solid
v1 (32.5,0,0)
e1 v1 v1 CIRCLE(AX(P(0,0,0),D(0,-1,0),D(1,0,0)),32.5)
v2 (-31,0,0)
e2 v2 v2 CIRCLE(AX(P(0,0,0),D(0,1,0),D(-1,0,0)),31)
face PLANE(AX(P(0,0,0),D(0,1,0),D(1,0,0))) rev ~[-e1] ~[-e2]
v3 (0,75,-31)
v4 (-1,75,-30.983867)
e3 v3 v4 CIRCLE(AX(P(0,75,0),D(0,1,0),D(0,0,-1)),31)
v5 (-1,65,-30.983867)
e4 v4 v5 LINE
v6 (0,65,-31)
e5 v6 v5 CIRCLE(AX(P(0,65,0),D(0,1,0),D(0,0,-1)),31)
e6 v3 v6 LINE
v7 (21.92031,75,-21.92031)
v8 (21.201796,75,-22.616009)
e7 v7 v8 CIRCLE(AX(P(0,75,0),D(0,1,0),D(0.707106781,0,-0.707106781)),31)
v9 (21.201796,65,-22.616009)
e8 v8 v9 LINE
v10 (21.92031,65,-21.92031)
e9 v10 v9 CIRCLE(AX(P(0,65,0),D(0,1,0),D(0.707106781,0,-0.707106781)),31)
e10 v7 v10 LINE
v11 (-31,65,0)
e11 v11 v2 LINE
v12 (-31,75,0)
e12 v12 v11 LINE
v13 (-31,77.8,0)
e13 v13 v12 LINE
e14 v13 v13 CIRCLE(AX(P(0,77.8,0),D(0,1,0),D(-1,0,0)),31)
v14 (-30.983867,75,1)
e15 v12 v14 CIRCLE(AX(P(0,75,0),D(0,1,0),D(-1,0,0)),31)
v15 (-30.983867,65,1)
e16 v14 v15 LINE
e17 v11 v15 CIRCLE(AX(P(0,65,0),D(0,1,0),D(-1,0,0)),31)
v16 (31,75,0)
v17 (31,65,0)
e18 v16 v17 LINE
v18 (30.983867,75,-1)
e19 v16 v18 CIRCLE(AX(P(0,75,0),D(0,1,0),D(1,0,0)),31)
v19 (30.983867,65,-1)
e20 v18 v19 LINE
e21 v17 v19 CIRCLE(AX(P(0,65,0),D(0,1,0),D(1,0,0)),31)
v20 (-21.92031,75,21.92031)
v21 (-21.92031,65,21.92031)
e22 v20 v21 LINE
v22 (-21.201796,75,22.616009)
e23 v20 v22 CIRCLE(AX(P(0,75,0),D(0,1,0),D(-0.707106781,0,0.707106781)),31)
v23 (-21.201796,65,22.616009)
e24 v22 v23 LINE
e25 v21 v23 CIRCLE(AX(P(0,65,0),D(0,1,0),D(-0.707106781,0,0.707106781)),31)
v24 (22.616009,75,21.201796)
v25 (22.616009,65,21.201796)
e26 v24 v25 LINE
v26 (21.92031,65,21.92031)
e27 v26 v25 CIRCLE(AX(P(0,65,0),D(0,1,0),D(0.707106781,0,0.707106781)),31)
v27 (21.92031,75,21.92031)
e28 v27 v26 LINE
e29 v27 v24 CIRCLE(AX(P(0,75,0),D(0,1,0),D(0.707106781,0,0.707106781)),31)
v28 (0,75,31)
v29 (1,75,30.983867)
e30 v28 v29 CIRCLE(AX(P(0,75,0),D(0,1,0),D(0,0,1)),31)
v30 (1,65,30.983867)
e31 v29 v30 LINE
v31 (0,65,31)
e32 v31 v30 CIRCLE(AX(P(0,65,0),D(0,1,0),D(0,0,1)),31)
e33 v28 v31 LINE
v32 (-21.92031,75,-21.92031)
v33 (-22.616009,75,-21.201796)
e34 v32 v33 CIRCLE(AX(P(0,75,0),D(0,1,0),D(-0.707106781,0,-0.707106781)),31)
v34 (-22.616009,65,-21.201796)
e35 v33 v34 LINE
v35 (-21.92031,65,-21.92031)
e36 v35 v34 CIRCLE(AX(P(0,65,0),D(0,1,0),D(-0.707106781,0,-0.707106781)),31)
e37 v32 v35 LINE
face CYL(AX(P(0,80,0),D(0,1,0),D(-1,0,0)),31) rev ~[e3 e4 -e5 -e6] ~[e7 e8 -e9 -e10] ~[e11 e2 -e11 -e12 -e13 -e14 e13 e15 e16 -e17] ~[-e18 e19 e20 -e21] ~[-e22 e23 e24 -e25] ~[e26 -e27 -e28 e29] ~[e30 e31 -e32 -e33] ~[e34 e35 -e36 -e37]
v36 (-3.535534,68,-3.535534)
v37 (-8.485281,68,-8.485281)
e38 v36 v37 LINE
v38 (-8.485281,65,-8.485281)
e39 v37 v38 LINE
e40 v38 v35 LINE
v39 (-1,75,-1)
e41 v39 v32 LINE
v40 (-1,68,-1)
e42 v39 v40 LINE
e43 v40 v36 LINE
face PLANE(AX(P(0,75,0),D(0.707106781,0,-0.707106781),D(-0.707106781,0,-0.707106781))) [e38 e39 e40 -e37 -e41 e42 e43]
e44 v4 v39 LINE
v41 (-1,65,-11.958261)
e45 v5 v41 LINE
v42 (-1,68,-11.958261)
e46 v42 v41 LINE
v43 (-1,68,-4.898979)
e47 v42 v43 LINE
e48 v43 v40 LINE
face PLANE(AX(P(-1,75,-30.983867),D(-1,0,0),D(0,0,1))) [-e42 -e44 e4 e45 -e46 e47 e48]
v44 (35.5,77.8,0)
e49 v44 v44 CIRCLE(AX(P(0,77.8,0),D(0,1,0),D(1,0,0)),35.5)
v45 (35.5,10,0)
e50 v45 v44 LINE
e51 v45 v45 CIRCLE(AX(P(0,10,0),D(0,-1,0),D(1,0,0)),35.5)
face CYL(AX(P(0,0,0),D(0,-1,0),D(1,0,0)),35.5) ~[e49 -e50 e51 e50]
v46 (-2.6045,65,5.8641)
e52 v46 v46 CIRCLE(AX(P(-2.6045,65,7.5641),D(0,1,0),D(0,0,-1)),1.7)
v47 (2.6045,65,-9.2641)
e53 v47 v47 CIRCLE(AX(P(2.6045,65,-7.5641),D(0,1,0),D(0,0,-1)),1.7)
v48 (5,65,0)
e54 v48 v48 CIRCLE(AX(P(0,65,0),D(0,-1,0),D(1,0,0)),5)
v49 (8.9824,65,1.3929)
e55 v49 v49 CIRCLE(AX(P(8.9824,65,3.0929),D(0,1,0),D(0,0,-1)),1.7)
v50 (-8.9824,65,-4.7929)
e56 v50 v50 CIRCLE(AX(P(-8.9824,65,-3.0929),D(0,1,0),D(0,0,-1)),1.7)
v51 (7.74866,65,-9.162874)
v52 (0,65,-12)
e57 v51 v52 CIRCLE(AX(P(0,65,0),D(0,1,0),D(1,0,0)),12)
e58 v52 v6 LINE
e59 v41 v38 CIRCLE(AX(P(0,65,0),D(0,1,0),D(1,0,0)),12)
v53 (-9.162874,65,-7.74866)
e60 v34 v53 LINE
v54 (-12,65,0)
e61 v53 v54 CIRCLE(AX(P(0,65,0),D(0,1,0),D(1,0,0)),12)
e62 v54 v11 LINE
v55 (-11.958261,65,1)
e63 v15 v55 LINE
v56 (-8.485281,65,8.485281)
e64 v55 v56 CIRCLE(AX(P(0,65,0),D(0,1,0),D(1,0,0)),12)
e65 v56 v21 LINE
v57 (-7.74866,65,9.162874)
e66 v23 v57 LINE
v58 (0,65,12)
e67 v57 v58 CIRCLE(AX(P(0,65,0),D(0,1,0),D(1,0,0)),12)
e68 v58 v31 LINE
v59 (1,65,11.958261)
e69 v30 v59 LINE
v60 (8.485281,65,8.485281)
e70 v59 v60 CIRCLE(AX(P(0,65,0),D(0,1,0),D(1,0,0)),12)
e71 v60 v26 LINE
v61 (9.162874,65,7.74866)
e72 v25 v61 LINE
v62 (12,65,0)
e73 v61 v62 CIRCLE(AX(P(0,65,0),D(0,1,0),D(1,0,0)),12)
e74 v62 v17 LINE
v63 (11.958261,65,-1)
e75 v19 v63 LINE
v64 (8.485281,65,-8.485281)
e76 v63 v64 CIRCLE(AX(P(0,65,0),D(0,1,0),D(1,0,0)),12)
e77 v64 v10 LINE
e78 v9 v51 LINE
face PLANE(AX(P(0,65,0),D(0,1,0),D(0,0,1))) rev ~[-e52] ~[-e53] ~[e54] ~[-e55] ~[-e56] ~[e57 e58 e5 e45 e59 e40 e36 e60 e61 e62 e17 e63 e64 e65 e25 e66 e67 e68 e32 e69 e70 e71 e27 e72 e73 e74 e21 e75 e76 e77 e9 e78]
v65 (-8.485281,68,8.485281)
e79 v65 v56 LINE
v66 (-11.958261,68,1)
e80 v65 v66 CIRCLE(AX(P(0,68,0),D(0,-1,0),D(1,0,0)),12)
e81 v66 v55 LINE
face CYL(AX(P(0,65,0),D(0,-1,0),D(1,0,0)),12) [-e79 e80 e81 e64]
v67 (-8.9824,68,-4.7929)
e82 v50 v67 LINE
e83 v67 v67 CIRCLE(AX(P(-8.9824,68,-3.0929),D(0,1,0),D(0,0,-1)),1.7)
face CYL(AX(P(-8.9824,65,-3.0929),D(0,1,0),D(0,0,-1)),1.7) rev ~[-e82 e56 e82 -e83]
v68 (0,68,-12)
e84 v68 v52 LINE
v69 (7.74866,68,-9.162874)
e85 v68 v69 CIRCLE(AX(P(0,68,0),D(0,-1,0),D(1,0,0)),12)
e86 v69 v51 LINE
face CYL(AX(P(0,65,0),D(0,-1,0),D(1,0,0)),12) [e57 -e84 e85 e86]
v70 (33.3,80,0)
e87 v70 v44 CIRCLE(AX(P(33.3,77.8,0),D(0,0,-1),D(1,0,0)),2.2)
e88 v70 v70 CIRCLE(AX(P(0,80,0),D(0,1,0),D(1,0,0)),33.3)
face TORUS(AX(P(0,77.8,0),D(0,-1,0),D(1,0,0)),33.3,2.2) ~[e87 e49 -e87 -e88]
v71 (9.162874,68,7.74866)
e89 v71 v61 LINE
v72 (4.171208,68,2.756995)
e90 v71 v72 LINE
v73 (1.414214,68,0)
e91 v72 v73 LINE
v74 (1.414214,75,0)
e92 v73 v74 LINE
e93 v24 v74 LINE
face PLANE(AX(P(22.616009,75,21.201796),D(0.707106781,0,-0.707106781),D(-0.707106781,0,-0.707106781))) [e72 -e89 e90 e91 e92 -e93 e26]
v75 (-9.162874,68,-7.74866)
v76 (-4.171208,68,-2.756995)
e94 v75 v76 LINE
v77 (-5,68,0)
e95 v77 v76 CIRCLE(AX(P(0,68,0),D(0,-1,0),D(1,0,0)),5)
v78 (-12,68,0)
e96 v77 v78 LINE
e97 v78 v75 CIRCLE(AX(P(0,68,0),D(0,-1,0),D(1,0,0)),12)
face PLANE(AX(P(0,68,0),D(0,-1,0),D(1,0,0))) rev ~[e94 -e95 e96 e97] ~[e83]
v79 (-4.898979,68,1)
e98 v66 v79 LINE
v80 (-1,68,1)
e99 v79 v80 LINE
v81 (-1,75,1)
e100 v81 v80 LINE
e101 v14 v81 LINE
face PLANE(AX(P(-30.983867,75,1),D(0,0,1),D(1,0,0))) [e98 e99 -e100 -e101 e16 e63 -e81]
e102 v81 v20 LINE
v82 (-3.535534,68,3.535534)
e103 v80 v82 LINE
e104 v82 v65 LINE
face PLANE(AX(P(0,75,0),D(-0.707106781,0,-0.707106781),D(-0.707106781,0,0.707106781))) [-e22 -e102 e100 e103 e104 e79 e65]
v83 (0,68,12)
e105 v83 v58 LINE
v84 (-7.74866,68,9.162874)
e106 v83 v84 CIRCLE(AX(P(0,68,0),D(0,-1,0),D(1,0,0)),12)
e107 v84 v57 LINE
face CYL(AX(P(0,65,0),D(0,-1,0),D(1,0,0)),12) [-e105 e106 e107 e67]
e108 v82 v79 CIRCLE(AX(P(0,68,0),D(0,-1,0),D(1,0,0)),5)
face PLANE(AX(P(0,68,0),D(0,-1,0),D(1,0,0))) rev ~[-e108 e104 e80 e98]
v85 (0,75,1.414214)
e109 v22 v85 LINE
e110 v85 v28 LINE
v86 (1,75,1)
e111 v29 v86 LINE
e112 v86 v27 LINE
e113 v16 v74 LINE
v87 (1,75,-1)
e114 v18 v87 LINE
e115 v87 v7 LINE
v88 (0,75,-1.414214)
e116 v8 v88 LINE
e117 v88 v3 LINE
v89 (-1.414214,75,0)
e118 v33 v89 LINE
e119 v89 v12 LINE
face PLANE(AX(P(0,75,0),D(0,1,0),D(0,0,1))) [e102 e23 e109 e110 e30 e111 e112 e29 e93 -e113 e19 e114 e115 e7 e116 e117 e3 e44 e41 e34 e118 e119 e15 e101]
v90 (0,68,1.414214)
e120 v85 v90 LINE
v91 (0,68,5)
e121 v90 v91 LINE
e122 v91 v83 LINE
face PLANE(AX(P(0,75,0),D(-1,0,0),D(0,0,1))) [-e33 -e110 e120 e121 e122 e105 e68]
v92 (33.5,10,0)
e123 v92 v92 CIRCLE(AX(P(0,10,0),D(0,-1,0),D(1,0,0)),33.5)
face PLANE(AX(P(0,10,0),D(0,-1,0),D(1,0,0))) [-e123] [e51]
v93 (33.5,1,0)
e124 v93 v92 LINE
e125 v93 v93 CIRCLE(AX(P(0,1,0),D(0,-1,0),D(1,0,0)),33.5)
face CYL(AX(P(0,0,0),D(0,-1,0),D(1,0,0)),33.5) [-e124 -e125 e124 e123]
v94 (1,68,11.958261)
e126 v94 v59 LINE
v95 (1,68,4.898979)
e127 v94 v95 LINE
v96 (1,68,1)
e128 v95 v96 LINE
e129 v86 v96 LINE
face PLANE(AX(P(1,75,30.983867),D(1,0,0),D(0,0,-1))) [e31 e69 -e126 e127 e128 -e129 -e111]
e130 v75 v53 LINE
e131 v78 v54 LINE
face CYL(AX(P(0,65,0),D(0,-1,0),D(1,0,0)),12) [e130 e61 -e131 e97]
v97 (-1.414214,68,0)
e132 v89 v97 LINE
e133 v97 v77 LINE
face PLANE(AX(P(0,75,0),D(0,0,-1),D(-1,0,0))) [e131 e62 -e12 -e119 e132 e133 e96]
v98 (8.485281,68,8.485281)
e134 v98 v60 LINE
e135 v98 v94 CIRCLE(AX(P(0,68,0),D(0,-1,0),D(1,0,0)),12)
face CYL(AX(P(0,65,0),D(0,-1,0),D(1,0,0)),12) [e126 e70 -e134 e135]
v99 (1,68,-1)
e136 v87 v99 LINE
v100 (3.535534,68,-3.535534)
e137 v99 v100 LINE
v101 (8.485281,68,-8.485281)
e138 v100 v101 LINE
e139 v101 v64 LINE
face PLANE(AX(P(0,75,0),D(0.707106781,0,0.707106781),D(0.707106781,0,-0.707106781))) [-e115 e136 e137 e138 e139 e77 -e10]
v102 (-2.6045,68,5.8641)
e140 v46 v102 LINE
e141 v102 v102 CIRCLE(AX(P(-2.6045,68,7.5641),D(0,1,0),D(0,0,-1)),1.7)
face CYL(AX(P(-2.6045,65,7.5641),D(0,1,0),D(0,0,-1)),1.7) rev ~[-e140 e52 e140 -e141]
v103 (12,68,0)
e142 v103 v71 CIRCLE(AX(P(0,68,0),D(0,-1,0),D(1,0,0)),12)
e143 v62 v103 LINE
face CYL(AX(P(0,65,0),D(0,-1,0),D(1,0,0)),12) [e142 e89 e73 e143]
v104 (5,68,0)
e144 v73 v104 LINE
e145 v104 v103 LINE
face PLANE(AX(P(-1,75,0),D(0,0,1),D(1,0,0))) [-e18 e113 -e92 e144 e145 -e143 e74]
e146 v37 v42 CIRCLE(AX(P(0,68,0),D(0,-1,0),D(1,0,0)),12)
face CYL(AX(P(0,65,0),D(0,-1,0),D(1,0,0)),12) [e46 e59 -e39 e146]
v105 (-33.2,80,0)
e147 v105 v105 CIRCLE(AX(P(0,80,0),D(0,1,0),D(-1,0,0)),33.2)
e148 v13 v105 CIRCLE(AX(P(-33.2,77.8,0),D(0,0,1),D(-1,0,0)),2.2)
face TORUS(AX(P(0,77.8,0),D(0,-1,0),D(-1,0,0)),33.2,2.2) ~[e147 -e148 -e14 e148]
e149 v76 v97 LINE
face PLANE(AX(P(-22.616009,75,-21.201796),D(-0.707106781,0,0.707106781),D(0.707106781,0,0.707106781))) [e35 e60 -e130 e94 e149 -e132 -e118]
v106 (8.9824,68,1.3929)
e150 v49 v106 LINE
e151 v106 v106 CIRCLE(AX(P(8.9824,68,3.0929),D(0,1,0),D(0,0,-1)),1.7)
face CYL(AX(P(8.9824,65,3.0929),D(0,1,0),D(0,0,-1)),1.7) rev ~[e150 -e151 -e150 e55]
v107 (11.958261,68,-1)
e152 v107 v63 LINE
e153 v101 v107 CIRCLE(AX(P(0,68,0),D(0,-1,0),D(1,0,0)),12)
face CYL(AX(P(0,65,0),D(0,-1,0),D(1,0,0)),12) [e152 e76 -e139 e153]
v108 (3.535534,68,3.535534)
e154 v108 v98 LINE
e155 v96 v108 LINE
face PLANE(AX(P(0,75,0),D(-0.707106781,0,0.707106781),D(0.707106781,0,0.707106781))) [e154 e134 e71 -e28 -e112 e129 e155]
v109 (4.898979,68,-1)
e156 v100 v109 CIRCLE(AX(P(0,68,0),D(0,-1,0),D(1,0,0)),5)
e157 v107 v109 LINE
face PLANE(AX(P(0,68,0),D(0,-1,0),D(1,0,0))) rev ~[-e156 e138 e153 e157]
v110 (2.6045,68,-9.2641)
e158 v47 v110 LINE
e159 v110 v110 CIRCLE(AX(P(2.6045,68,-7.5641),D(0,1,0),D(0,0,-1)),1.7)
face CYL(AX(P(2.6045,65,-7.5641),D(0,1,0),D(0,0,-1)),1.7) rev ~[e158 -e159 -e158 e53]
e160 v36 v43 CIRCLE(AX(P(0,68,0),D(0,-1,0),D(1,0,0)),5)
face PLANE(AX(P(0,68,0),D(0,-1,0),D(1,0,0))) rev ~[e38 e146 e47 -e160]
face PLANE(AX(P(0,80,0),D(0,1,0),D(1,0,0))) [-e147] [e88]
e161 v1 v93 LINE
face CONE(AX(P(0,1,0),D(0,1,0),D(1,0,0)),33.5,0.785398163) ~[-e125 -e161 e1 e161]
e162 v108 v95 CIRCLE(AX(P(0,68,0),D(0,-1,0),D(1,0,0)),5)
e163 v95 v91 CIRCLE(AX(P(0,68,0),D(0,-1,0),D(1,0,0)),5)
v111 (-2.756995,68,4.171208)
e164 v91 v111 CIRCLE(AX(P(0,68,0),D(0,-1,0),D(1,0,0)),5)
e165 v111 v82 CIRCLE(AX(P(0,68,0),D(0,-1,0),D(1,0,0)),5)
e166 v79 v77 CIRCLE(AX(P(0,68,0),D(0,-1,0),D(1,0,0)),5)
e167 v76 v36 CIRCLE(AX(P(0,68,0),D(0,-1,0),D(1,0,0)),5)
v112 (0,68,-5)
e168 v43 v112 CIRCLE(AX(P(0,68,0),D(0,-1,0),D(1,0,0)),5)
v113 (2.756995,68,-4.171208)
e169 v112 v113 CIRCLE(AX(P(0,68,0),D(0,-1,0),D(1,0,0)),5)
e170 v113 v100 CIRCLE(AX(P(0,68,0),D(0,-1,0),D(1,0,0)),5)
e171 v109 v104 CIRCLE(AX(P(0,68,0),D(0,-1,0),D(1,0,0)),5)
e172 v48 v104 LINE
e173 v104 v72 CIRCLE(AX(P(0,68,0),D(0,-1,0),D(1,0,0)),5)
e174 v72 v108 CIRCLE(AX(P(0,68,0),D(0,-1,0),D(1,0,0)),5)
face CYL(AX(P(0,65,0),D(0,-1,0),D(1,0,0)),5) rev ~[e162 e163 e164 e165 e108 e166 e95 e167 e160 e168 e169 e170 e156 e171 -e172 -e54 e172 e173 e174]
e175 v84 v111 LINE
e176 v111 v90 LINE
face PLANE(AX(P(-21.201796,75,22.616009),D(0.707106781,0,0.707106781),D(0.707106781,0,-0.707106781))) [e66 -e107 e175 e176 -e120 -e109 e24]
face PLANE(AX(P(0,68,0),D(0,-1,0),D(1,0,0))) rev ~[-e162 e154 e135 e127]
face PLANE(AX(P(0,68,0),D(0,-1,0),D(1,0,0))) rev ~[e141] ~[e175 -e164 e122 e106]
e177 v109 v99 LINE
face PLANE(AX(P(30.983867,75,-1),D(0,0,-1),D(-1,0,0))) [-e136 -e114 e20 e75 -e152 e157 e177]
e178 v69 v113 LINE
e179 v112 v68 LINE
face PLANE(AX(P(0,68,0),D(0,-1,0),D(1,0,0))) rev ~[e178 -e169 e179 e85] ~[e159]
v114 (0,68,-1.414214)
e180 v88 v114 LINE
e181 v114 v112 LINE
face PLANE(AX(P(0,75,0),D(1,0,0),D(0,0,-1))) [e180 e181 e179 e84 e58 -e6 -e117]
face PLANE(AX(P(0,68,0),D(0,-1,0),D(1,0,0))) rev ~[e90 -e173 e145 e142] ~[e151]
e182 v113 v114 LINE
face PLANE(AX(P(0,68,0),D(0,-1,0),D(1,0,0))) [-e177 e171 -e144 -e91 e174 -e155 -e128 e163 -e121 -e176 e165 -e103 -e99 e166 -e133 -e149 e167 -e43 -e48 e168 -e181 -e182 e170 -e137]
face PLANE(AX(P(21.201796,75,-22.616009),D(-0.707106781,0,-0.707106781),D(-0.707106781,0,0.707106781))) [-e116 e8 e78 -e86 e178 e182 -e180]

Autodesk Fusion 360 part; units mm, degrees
sketch "草图1" plane through (0, 0, 0) normal (0, 1, 0) x (1, 0, 0)
  circle A0 centre (0, 0) radius 35.5
  dimension "d1" = 71
extrude "拉伸1" add sketch "草图1" along normal blind 80
sketch "草图2" plane through (0, 80, 0) normal (0, 1, 0) x (-1, 0, 0)
  circle A0 centre (0, 0) radius 35.5
  circle A1 centre (0, 0) radius 31
  dimension "d4" = 62
extrude "拉伸2" cut sketch "草图2" against normal blind 90 contours A1
ref_plane "WorkPlane2" through (0, 75, 0) normal (0, 1, 0) x (-1, 0, 0)
sketch "Sketch5" plane through (0, 75, 0) normal (0, 1, 0) x (1, 0, 0)
  line L0 (0, 0) -> (31, 0)
  line L1 (31, 0) -> (31, 1)
  line L2 (31, 1) -> (0, 1)
  line L3 (0, 1) -> (0, 0)
  circle A0 centre (0, 0) radius 35.5
  circle A1 centre (0, 0) radius 35.5
  circle A2 centre (0, 0) radius 31
  dimension "d18" = 1
extrude "Extrude5" add sketch "Sketch5" against normal blind 10 contours L0 L2 L3 A2 picked at (10.328, 0.6667)
pattern_circular "C-Pattern1" count 8 over 360 about axis through (0, 1.75, 0) along (0, 1, 0) of "Extrude5"
sketch "Sketch6" plane through (0, 65, 0) normal (0, -1, 0) x (1, 0, 0)
  line L0 (1.4142, 0) -> (22.616, 21.2018)
  arc A0 (22.616, 21.2018) -> (21.9203, 21.9203) centre (0, 0) ccw
  line L1 (21.9203, 21.9203) -> (1, 1)
  line L2 (1, 1) -> (1, 30.9839)
  arc A1 (1, 30.9839) -> (0, 31) centre (0, 0) ccw
  line L3 (0, 31) -> (0, 1.4142)
  line L4 (0, 1.4142) -> (-21.2018, 22.616)
  arc A2 (-21.2018, 22.616) -> (-21.9203, 21.9203) centre (0, 0) ccw
  line L5 (-21.9203, 21.9203) -> (-1, 1)
  line L6 (-1, 1) -> (-30.9839, 1)
  arc A3 (-30.9839, 1) -> (-31, 0) centre (0, 0) ccw
  line L7 (-31, 0) -> (-1.4142, 0)
  line L8 (-1.4142, 0) -> (-22.616, -21.2018)
  arc A4 (-22.616, -21.2018) -> (-21.9203, -21.9203) centre (0, 0) ccw
  line L9 (-21.9203, -21.9203) -> (-1, -1)
  line L10 (-1, -1) -> (-1, -30.9839)
  arc A5 (-1, -30.9839) -> (0, -31) centre (0, 0) ccw
  line L11 (0, -31) -> (0, -1.4142)
  line L12 (0, -1.4142) -> (21.2018, -22.616)
  arc A6 (21.2018, -22.616) -> (21.9203, -21.9203) centre (0, 0) ccw
  line L13 (21.9203, -21.9203) -> (1, -1)
  line L14 (1, -1) -> (30.9839, -1)
  arc A7 (30.9839, -1) -> (31, 0) centre (0, 0) ccw
  line L15 (31, 0) -> (1.4142, 0)
  circle A8 centre (0, 0) radius 12
  dimension "d23" = 24
extrude "Extrude6" add sketch "Sketch6" against normal blind 3 contours L0 L1 L2 L3 L4 L5 L6 L7 L8 L9 L10 L11 L12 L13 L14 L15 A8 | L0 L15 A8 | L1 L2 A8 | L13 L14 A8 | L3 L4 A8 | L11 L12 A8 | L5 L6 A8 | L9 L10 A8 | L7 L8 A8
sketch "Sketch7" plane through (0, 65, 0) normal (0, -1, 0) x (1, 0, 0)
  line L0 (9.1629, 7.7487) -> (22.616, 21.2018)
  arc A0 (22.616, 21.2018) -> (21.9203, 21.9203) centre (0, 0) ccw
  line L1 (21.9203, 21.9203) -> (8.4853, 8.4853)
  arc A1 (8.4853, 8.4853) -> (1, 11.9583) centre (0, 0) ccw
  line L2 (1, 11.9583) -> (1, 30.9839)
  arc A2 (1, 30.9839) -> (0, 31) centre (0, 0) ccw
  line L3 (0, 31) -> (0, 12)
  arc A3 (0, 12) -> (-7.7487, 9.1629) centre (0, 0) ccw
  line L4 (-7.7487, 9.1629) -> (-21.2018, 22.616)
  arc A4 (-21.2018, 22.616) -> (-21.9203, 21.9203) centre (0, 0) ccw
  line L5 (-21.9203, 21.9203) -> (-8.4853, 8.4853)
  arc A5 (-8.4853, 8.4853) -> (-11.9583, 1) centre (0, 0) ccw
  line L6 (-11.9583, 1) -> (-30.9839, 1)
  arc A6 (-30.9839, 1) -> (-31, 0) centre (0, 0) ccw
  line L7 (-31, 0) -> (-12, 0)
  arc A7 (-12, 0) -> (-9.1629, -7.7487) centre (0, 0) ccw
  line L8 (-9.1629, -7.7487) -> (-22.616, -21.2018)
  arc A8 (-22.616, -21.2018) -> (-21.9203, -21.9203) centre (0, 0) ccw
  line L9 (-21.9203, -21.9203) -> (-8.4853, -8.4853)
  arc A9 (-8.4853, -8.4853) -> (-1, -11.9583) centre (0, 0) ccw
  line L10 (-1, -11.9583) -> (-1, -30.9839)
  arc A10 (-1, -30.9839) -> (0, -31) centre (0, 0) ccw
  arc A11 (0, -12) -> (7.7487, -9.1629) centre (0, 0) ccw
  line L11 (7.7487, -9.1629) -> (21.2018, -22.616)
  arc A12 (21.2018, -22.616) -> (21.9203, -21.9203) centre (0, 0) ccw
  line L12 (21.9203, -21.9203) -> (8.4853, -8.4853)
  arc A13 (8.4853, -8.4853) -> (11.9583, -1) centre (0, 0) ccw
  line L13 (11.9583, -1) -> (30.9839, -1)
  arc A14 (30.9839, -1) -> (31, 0) centre (0, 0) ccw
  arc A15 (12, 0) -> (9.1629, 7.7487) centre (0, 0) ccw
  circle A16 centre (0, 0) radius 5
  line L14 (0, -31) -> (0, -12)
  line L15 (31, 0) -> (12, 0)
  dimension "d26" = 10
extrude "Extrude7" cut sketch "Sketch7" against normal blind 3 contours A16
sketch "Sketch8" plane through (0, 65, 0) normal (0, -1, 0) x (1, 0, 0)
  circle A0 centre (0, 0) radius 5
  line L0 (9.1629, 7.7487) -> (22.616, 21.2018)
  arc A1 (22.616, 21.2018) -> (21.9203, 21.9203) centre (0, 0) ccw
  line L1 (21.9203, 21.9203) -> (8.4853, 8.4853)
  arc A2 (8.4853, 8.4853) -> (1, 11.9583) centre (0, 0) ccw
  line L2 (1, 11.9583) -> (1, 30.9839)
  arc A3 (1, 30.9839) -> (0, 31) centre (0, 0) ccw
  line L3 (0, 31) -> (0, 12)
  arc A4 (0, 12) -> (-7.7487, 9.1629) centre (0, 0) ccw
  line L4 (-7.7487, 9.1629) -> (-21.2018, 22.616)
  arc A5 (-21.2018, 22.616) -> (-21.9203, 21.9203) centre (0, 0) ccw
  line L5 (-21.9203, 21.9203) -> (-8.4853, 8.4853)
  arc A6 (-8.4853, 8.4853) -> (-11.9583, 1) centre (0, 0) ccw
  line L6 (-11.9583, 1) -> (-30.9839, 1)
  arc A7 (-30.9839, 1) -> (-31, 0) centre (0, 0) ccw
  line L7 (-31, 0) -> (-12, 0)
  arc A8 (-12, 0) -> (-9.1629, -7.7487) centre (0, 0) ccw
  line L8 (-9.1629, -7.7487) -> (-22.616, -21.2018)
  arc A9 (-22.616, -21.2018) -> (-21.9203, -21.9203) centre (0, 0) ccw
  line L9 (-21.9203, -21.9203) -> (-8.4853, -8.4853)
  arc A10 (-8.4853, -8.4853) -> (-1, -11.9583) centre (0, 0) ccw
  line L10 (-1, -11.9583) -> (-1, -30.9839)
  arc A11 (-1, -30.9839) -> (0, -31) centre (0, 0) ccw
  arc A12 (0, -12) -> (7.7487, -9.1629) centre (0, 0) ccw
  line L11 (7.7487, -9.1629) -> (21.2018, -22.616)
  arc A13 (21.2018, -22.616) -> (21.9203, -21.9203) centre (0, 0) ccw
  line L12 (21.9203, -21.9203) -> (8.4853, -8.4853)
  arc A14 (8.4853, -8.4853) -> (11.9583, -1) centre (0, 0) ccw
  line L13 (11.9583, -1) -> (30.9839, -1)
  arc A15 (30.9839, -1) -> (31, 0) centre (0, 0) ccw
  arc A16 (12, 0) -> (9.1629, 7.7487) centre (0, 0) ccw
  line L14 (-42.8424, -14.7518) -> (51.2572, 17.6493) construction
  line L15 (-13.299, 38.6232) -> (13.2323, -38.4293) construction
  circle A17 centre (0, 0) radius 9.5 construction
  circle A18 centre (0, 0) radius 8 construction
  line L16 (0, -31) -> (0, -12)
  line L17 (31, 0) -> (12, 0)
  dimension "d29" = 90
  dimension "d31" = 19
  dimension "d32" = 16
hole "Hole1" at (-2.6045, 65, 7.5641) at (8.9824, 65, 3.0929) at (2.6045, 65, -7.5641) at (-8.9824, 65, -3.0929) direction (0, 1, 0) diameter 3.4 depth 3 tip angle 118
fillet "Fillet2" radius 2.2 2 edges at (-33.0976, 80, 12.8373) (28.9021, 80, 11.2101)
sketch "Sketch9" plane through (0, 0, 0) normal (0, -1, 0) x (1, 0, 0)
  circle A0 centre (0, 0) radius 31
  circle A1 centre (0, 0) radius 35.5
  circle A2 centre (0, 0) radius 33.5
  dimension "d45" = 67
extrude "Extrude8" cut sketch "Sketch9" against normal blind 10 contours A1
chamfer "Chamfer1" distance 1 angle 45 1 edges at (-31.233, 0, -12.1141)
